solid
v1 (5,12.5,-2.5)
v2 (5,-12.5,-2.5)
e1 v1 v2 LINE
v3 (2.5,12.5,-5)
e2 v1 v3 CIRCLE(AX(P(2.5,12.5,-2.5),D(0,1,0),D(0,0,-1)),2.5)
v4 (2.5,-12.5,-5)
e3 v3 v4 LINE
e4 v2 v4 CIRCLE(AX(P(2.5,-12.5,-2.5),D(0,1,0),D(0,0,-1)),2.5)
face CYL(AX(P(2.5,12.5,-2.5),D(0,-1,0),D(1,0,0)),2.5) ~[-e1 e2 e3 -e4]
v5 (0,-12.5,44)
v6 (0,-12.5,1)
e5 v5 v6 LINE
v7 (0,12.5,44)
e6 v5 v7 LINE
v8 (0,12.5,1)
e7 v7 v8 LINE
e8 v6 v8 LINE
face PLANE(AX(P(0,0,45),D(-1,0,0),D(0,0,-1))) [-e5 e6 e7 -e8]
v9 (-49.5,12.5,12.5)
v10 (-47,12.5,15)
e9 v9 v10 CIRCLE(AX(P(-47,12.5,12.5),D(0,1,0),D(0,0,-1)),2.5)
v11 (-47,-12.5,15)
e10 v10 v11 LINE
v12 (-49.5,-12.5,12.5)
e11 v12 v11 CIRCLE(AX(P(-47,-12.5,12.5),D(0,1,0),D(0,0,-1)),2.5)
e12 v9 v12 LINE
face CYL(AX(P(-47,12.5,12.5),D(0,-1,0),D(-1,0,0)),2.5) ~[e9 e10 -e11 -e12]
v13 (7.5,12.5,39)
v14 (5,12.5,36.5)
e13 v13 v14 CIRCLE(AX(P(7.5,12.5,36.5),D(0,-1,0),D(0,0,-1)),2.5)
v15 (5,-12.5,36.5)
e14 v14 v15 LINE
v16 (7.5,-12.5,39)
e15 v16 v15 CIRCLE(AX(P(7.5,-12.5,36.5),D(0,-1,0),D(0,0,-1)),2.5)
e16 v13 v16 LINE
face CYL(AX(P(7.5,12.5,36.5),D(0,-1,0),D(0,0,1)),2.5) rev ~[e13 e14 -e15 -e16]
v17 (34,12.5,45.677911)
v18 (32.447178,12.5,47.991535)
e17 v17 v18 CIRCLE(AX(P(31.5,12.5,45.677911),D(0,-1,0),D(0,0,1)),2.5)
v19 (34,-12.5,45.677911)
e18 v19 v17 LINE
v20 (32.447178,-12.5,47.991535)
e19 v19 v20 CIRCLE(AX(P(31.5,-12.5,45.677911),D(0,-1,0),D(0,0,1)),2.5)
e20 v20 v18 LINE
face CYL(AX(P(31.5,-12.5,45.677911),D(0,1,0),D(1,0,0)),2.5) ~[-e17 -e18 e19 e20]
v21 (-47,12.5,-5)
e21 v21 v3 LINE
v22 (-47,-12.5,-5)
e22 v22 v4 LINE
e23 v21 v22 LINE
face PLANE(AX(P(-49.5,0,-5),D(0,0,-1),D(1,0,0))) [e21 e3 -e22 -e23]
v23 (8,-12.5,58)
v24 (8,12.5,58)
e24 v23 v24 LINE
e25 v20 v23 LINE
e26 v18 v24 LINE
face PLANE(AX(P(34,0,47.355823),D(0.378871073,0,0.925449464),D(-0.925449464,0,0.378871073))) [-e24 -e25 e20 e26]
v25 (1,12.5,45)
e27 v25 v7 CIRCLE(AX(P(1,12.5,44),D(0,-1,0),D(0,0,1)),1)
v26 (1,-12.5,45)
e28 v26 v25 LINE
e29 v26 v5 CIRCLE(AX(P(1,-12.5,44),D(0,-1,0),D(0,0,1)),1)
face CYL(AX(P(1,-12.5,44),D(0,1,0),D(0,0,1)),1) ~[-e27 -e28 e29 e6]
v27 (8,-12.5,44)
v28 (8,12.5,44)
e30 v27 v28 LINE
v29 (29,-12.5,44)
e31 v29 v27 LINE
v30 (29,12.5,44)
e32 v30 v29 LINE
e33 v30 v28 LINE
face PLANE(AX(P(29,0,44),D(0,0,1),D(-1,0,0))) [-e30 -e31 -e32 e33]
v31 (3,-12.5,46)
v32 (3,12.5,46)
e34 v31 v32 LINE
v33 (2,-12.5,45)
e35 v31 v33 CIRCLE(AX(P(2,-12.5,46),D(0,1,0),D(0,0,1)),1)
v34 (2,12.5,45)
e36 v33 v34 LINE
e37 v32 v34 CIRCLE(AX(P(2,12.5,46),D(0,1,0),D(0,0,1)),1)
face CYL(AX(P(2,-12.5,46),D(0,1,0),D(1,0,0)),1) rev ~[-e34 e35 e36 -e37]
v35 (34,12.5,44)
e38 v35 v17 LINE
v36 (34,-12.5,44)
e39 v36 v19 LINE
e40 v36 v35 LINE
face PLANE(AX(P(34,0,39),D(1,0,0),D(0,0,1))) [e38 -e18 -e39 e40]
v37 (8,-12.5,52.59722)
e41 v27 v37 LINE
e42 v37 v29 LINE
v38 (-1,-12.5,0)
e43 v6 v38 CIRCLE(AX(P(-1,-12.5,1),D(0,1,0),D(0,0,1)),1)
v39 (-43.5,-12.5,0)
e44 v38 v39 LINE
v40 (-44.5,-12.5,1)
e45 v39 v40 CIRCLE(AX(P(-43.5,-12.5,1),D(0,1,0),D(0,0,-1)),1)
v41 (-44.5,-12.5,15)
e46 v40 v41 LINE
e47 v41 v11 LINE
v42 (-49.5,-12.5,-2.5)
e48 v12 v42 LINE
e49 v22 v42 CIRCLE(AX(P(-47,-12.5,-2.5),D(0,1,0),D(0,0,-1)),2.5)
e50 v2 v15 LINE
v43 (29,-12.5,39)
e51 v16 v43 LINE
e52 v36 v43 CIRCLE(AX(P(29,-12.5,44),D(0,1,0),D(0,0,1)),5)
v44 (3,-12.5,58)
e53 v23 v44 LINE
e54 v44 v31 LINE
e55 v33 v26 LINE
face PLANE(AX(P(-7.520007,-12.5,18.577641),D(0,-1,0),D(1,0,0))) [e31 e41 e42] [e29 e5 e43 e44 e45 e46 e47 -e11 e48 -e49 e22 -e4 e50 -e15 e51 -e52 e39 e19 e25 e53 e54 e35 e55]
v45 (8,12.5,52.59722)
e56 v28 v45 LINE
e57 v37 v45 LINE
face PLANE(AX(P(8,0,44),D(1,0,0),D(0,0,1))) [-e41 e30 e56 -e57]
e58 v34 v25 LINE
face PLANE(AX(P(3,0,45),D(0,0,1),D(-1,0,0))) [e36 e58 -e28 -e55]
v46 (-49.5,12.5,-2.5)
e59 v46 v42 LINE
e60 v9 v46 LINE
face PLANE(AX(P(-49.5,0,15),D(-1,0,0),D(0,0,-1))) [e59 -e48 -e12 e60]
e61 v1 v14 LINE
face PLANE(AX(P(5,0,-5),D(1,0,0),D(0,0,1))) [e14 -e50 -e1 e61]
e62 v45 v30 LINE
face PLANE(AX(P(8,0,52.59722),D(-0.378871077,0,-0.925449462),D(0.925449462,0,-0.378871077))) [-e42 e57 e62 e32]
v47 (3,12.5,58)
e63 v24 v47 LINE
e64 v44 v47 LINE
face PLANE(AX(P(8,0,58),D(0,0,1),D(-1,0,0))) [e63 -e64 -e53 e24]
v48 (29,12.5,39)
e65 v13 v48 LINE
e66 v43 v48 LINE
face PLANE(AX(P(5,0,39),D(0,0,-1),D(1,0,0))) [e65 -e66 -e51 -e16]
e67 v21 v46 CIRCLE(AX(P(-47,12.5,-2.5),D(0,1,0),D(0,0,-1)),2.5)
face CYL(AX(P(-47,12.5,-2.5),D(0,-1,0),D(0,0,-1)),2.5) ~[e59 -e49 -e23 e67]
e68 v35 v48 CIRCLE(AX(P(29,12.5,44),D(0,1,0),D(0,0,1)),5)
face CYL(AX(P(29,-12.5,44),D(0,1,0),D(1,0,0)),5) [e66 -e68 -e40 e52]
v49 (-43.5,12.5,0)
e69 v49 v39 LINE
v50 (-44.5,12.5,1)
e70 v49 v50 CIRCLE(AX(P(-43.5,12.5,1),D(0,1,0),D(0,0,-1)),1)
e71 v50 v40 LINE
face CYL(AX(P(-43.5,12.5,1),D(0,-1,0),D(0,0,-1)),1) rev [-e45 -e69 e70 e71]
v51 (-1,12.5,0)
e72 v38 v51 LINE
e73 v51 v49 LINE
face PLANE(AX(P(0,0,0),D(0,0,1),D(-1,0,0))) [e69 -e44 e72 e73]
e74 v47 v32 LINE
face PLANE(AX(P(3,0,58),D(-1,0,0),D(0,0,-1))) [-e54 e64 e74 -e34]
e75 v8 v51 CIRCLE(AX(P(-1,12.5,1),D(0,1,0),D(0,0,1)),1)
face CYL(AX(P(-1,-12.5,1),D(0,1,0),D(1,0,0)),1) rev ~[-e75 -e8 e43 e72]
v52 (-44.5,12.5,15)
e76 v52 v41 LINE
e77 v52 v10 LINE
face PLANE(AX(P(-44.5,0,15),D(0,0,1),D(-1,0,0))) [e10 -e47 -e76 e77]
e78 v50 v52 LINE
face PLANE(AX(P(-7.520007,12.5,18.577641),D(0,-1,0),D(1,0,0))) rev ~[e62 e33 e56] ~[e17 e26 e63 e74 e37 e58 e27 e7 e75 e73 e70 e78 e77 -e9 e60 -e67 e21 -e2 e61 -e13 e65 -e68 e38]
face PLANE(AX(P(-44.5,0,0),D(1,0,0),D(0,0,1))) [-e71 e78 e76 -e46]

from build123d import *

# Parameters (mm, degrees)
F1_DEPTH = 12.5
F2_R     = 5
F3_R     = 2.5
F4_R     = 1


with BuildPart() as f1:
    # F0 (on Front) → F1 (new body, symmetric)
    with BuildSketch(Plane.XZ):
        Polygon((0, 0), (-44.5, 0), (-44.5, 15), (-49.5, 15), (-49.5, -5), (-44.5, -5), (0, -5), (5, -5), (5, 39), (34, 39), (34, 47.355823), (8, 58), (3, 58), (3, 45), (0, 45), align=None)
        Polygon((29, 44), (8, 44), (8, 52.59722), align=None, mode=Mode.SUBTRACT)
    extrude(amount=F1_DEPTH, both=True)

    # F2
    f2_edges = [f1.edges().sort_by_distance(p)[0] for p in [
        (34, 0, 39),
    ]]
    fillet(f2_edges, radius=F2_R)

    # F3
    f3_edges = [f1.edges().sort_by_distance(p)[0] for p in [
        (5, 0, -5),
        (-49.5, 0, -5),
        (-49.5, 0, 15),
        (34, 0, 47.355823),
        (5, 0, 39),
    ]]
    fillet(f3_edges, radius=F3_R)

    # F4
    f4_edges = [f1.edges().sort_by_distance(p)[0] for p in [
        (3, 0, 45),
        (0, 0, 45),
        (0, 0, 0),
        (-44.5, 0, 0),
    ]]
    fillet(f4_edges, radius=F4_R)


solid = f1.part
